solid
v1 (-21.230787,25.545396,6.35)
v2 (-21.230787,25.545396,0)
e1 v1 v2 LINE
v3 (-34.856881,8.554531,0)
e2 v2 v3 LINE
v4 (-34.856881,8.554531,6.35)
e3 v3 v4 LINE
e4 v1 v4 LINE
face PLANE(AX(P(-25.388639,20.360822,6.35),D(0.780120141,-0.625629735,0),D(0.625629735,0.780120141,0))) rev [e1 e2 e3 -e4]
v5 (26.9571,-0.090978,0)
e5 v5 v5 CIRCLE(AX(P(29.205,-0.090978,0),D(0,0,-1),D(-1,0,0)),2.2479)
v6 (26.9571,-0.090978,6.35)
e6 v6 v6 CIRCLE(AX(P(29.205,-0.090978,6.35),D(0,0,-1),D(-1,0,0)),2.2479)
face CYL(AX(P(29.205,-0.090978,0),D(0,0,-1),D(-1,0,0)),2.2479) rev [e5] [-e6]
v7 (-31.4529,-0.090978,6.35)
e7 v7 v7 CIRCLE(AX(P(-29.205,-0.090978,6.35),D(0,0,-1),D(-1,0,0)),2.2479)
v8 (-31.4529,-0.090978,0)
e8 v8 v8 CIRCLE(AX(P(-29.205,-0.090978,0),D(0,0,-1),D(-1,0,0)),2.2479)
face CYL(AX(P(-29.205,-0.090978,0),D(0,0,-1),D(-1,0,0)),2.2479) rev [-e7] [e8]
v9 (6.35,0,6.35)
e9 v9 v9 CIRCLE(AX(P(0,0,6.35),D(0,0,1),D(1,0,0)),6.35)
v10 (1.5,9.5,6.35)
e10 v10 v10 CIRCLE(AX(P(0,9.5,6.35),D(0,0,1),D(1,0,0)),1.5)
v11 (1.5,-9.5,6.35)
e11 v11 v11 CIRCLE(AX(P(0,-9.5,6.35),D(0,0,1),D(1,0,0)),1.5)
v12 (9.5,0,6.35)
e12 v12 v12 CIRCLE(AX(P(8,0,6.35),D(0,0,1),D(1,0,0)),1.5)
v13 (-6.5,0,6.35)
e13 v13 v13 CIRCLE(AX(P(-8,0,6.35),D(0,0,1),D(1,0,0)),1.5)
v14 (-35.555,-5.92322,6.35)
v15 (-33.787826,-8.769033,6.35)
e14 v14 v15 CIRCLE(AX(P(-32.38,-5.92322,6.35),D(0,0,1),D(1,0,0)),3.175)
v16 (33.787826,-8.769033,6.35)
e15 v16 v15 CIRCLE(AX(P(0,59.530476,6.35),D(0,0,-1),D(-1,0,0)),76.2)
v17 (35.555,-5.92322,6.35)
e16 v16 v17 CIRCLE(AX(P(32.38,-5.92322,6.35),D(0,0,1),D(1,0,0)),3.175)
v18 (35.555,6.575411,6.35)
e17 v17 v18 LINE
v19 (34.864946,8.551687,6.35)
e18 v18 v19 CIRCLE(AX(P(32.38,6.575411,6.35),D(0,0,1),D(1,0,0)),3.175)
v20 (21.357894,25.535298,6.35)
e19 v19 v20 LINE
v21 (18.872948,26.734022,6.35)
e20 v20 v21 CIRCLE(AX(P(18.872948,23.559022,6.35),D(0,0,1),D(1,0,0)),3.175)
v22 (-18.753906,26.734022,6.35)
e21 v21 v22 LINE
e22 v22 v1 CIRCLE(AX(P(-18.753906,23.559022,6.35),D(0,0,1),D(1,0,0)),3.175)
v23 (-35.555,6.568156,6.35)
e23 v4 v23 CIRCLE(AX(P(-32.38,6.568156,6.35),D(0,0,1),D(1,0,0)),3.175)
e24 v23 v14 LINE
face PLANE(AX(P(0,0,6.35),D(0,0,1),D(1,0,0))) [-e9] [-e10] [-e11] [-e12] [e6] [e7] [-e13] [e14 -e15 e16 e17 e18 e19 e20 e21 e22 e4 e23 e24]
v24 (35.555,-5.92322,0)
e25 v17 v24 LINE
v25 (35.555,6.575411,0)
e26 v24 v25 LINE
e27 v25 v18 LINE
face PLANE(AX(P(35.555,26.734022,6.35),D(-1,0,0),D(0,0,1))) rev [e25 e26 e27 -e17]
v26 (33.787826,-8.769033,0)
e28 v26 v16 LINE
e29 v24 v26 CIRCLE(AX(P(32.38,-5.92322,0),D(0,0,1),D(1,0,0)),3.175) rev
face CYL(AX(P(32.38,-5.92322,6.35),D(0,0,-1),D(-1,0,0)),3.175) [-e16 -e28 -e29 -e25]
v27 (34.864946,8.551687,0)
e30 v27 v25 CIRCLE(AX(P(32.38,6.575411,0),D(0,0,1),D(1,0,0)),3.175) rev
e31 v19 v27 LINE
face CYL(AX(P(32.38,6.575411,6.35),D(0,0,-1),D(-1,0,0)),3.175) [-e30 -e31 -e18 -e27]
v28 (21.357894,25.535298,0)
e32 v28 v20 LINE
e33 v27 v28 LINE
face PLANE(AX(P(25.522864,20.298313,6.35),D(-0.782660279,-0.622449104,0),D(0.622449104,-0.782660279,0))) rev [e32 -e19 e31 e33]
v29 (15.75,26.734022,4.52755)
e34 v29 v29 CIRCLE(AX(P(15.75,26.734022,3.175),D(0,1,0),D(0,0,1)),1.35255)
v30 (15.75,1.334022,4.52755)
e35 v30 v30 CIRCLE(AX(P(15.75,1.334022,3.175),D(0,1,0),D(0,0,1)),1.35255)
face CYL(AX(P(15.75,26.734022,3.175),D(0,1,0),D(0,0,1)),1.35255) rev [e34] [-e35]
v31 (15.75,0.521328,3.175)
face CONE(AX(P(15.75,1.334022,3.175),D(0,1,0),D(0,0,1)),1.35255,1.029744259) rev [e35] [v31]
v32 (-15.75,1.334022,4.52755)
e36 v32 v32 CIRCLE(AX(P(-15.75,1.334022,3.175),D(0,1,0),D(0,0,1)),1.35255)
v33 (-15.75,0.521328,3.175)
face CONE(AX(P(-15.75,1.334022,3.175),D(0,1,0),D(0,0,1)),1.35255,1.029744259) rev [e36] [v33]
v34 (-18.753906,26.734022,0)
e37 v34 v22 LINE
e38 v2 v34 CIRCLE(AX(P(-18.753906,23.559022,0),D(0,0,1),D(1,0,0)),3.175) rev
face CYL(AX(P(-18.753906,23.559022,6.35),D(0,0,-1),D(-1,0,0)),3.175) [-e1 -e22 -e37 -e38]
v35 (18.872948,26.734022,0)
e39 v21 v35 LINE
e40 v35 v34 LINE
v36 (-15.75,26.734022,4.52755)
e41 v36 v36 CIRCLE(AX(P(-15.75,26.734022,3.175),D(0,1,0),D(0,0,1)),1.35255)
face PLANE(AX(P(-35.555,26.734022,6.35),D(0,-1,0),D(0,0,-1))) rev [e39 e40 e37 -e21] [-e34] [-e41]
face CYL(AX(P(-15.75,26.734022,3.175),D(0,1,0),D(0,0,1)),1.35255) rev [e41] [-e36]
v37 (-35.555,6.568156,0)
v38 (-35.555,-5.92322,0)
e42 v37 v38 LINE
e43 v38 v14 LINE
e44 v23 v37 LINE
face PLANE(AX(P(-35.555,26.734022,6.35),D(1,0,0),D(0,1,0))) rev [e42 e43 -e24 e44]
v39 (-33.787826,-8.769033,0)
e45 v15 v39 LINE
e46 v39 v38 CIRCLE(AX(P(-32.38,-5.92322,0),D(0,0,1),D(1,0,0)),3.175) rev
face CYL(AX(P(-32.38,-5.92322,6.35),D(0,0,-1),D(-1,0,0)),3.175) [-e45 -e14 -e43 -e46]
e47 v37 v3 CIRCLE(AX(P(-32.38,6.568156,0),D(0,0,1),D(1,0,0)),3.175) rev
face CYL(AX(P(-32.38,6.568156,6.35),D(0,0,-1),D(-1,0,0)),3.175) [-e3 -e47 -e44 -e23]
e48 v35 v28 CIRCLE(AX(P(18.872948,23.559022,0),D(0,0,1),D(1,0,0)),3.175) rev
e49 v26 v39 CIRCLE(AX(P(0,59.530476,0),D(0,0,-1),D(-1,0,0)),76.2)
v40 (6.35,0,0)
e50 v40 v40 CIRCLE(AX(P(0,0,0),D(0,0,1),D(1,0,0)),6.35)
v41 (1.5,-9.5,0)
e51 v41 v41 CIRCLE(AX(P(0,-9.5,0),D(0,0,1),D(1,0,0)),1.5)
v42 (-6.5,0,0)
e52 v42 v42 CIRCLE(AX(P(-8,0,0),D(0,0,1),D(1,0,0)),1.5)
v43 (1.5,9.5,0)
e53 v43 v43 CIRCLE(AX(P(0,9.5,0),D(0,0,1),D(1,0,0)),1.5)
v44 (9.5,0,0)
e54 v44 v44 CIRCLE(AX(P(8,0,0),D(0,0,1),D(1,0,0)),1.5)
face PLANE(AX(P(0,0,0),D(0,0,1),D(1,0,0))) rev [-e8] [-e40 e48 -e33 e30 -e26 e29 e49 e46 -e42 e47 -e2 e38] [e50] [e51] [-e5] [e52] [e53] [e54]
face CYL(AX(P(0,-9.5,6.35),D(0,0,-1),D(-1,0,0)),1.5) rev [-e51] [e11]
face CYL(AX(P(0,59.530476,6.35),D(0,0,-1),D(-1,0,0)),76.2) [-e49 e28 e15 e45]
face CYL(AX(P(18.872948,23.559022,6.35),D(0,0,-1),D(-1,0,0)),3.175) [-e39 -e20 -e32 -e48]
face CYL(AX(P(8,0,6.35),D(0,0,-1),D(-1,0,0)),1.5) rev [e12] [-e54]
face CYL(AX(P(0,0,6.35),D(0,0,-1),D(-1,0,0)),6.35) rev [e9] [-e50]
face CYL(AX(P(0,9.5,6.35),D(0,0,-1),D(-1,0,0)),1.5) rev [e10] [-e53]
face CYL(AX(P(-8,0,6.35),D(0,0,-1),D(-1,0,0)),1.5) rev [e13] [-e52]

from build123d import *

# Parameters (mm, degrees)
SKETCH1_W                 = 71.11
SKETCH1_H                 = 53.65
SKETCH1_R                 = 6.35
SKETCH1_R_2               = 1.5
BOSS_EXTRUDE1_DEPTH       = 6.35
F_8_CLEARANCE_HOLE1_D     = 4.4958
F_6_32_TAPPED_HOLE1_D     = 2.7051
F_6_32_TAPPED_HOLE1_DEPTH = 25.4
F_6_32_TAPPED_HOLE1_TIP   = 0.81269403
CUT_EXTRUDE1_DEPTH        = 7.35
FILLET1_R                 = 3.175


with BuildPart() as part:
    # Sketch1 → Boss-Extrude1 (new body)
    with BuildSketch(Plane.XY):
        with Locations((0, -0.090978152)):
            Rectangle(SKETCH1_W, SKETCH1_H)
        Circle(SKETCH1_R, mode=Mode.SUBTRACT)
        with Locations((-8, 0)):
            Circle(SKETCH1_R_2, mode=Mode.SUBTRACT)
        with Locations((0, 9.5)):
            Circle(SKETCH1_R_2, mode=Mode.SUBTRACT)
        with Locations((8, 0)):
            Circle(SKETCH1_R_2, mode=Mode.SUBTRACT)
        with Locations((0, -9.5)):
            Circle(SKETCH1_R_2, mode=Mode.SUBTRACT)
    extrude(amount=BOSS_EXTRUDE1_DEPTH)

    # #8 Clearance Hole1 (through all)
    with Locations(Plane(origin=(0, 0, 0), x_dir=(-1, 0, 0), z_dir=(0, 0, -1))):
        with Locations((-29.205, -0.090978152), (29.205, -0.090978152)):
            Hole(F_8_CLEARANCE_HOLE1_D / 2)

    # #6-32 Tapped Hole1
    with Locations(Plane(origin=(0, 26.734021848, 0), x_dir=(1, 0, 0), z_dir=(0, 1, 0))):
        with Locations((15.75, -3.175), (-15.75, -3.175)):
            Hole(F_6_32_TAPPED_HOLE1_D / 2, depth=F_6_32_TAPPED_HOLE1_DEPTH)
            with Locations((0, 0, -(F_6_32_TAPPED_HOLE1_DEPTH + F_6_32_TAPPED_HOLE1_TIP / 2))):  # 118° drill point
                Cone(0, F_6_32_TAPPED_HOLE1_D / 2, F_6_32_TAPPED_HOLE1_TIP, mode=Mode.SUBTRACT)

    # Sketch7 → Cut-Extrude1 (cut, through all)
    with BuildSketch(Plane(origin=(0, 0, 0), x_dir=(-1, 0, 0), z_dir=(0, 0, -1))):
        Polygon((-35.555, 26.734021848), (-35.555, 7.684021848), (-20.40455, 26.734021848), align=None)
        Polygon((35.555, 26.734021848), (20.27755, 26.734021848), (35.555, 7.684021848), align=None)
        with BuildLine():
            Line((-35.555, -26.915978152), (35.555, -26.915978152))
            Line((35.555, -26.915978152), (35.555, -7.865978152))
            ThreePointArc((35.555, -7.865978152), (0, -16.669524425), (-35.555, -7.865978152))
            Line((-35.555, -7.865978152), (-35.555, -26.915978152))
        make_face()
    extrude(amount=-CUT_EXTRUDE1_DEPTH, mode=Mode.SUBTRACT)

    # Fillet1
    fillet1_edges = [part.edges().sort_by_distance(p)[0] for p in [
        (35.555, 7.684021848, 3.175),
        (20.40455, 26.734021848, 3.175),
        (-20.27755, 26.734021848, 3.175),
        (-35.555, 7.684021848, 3.175),
        (35.555, -7.865978152, 3.175),
        (-35.555, -7.865978152, 3.175),
    ]]
    fillet(fillet1_edges, radius=FILLET1_R)


solid = part.part
